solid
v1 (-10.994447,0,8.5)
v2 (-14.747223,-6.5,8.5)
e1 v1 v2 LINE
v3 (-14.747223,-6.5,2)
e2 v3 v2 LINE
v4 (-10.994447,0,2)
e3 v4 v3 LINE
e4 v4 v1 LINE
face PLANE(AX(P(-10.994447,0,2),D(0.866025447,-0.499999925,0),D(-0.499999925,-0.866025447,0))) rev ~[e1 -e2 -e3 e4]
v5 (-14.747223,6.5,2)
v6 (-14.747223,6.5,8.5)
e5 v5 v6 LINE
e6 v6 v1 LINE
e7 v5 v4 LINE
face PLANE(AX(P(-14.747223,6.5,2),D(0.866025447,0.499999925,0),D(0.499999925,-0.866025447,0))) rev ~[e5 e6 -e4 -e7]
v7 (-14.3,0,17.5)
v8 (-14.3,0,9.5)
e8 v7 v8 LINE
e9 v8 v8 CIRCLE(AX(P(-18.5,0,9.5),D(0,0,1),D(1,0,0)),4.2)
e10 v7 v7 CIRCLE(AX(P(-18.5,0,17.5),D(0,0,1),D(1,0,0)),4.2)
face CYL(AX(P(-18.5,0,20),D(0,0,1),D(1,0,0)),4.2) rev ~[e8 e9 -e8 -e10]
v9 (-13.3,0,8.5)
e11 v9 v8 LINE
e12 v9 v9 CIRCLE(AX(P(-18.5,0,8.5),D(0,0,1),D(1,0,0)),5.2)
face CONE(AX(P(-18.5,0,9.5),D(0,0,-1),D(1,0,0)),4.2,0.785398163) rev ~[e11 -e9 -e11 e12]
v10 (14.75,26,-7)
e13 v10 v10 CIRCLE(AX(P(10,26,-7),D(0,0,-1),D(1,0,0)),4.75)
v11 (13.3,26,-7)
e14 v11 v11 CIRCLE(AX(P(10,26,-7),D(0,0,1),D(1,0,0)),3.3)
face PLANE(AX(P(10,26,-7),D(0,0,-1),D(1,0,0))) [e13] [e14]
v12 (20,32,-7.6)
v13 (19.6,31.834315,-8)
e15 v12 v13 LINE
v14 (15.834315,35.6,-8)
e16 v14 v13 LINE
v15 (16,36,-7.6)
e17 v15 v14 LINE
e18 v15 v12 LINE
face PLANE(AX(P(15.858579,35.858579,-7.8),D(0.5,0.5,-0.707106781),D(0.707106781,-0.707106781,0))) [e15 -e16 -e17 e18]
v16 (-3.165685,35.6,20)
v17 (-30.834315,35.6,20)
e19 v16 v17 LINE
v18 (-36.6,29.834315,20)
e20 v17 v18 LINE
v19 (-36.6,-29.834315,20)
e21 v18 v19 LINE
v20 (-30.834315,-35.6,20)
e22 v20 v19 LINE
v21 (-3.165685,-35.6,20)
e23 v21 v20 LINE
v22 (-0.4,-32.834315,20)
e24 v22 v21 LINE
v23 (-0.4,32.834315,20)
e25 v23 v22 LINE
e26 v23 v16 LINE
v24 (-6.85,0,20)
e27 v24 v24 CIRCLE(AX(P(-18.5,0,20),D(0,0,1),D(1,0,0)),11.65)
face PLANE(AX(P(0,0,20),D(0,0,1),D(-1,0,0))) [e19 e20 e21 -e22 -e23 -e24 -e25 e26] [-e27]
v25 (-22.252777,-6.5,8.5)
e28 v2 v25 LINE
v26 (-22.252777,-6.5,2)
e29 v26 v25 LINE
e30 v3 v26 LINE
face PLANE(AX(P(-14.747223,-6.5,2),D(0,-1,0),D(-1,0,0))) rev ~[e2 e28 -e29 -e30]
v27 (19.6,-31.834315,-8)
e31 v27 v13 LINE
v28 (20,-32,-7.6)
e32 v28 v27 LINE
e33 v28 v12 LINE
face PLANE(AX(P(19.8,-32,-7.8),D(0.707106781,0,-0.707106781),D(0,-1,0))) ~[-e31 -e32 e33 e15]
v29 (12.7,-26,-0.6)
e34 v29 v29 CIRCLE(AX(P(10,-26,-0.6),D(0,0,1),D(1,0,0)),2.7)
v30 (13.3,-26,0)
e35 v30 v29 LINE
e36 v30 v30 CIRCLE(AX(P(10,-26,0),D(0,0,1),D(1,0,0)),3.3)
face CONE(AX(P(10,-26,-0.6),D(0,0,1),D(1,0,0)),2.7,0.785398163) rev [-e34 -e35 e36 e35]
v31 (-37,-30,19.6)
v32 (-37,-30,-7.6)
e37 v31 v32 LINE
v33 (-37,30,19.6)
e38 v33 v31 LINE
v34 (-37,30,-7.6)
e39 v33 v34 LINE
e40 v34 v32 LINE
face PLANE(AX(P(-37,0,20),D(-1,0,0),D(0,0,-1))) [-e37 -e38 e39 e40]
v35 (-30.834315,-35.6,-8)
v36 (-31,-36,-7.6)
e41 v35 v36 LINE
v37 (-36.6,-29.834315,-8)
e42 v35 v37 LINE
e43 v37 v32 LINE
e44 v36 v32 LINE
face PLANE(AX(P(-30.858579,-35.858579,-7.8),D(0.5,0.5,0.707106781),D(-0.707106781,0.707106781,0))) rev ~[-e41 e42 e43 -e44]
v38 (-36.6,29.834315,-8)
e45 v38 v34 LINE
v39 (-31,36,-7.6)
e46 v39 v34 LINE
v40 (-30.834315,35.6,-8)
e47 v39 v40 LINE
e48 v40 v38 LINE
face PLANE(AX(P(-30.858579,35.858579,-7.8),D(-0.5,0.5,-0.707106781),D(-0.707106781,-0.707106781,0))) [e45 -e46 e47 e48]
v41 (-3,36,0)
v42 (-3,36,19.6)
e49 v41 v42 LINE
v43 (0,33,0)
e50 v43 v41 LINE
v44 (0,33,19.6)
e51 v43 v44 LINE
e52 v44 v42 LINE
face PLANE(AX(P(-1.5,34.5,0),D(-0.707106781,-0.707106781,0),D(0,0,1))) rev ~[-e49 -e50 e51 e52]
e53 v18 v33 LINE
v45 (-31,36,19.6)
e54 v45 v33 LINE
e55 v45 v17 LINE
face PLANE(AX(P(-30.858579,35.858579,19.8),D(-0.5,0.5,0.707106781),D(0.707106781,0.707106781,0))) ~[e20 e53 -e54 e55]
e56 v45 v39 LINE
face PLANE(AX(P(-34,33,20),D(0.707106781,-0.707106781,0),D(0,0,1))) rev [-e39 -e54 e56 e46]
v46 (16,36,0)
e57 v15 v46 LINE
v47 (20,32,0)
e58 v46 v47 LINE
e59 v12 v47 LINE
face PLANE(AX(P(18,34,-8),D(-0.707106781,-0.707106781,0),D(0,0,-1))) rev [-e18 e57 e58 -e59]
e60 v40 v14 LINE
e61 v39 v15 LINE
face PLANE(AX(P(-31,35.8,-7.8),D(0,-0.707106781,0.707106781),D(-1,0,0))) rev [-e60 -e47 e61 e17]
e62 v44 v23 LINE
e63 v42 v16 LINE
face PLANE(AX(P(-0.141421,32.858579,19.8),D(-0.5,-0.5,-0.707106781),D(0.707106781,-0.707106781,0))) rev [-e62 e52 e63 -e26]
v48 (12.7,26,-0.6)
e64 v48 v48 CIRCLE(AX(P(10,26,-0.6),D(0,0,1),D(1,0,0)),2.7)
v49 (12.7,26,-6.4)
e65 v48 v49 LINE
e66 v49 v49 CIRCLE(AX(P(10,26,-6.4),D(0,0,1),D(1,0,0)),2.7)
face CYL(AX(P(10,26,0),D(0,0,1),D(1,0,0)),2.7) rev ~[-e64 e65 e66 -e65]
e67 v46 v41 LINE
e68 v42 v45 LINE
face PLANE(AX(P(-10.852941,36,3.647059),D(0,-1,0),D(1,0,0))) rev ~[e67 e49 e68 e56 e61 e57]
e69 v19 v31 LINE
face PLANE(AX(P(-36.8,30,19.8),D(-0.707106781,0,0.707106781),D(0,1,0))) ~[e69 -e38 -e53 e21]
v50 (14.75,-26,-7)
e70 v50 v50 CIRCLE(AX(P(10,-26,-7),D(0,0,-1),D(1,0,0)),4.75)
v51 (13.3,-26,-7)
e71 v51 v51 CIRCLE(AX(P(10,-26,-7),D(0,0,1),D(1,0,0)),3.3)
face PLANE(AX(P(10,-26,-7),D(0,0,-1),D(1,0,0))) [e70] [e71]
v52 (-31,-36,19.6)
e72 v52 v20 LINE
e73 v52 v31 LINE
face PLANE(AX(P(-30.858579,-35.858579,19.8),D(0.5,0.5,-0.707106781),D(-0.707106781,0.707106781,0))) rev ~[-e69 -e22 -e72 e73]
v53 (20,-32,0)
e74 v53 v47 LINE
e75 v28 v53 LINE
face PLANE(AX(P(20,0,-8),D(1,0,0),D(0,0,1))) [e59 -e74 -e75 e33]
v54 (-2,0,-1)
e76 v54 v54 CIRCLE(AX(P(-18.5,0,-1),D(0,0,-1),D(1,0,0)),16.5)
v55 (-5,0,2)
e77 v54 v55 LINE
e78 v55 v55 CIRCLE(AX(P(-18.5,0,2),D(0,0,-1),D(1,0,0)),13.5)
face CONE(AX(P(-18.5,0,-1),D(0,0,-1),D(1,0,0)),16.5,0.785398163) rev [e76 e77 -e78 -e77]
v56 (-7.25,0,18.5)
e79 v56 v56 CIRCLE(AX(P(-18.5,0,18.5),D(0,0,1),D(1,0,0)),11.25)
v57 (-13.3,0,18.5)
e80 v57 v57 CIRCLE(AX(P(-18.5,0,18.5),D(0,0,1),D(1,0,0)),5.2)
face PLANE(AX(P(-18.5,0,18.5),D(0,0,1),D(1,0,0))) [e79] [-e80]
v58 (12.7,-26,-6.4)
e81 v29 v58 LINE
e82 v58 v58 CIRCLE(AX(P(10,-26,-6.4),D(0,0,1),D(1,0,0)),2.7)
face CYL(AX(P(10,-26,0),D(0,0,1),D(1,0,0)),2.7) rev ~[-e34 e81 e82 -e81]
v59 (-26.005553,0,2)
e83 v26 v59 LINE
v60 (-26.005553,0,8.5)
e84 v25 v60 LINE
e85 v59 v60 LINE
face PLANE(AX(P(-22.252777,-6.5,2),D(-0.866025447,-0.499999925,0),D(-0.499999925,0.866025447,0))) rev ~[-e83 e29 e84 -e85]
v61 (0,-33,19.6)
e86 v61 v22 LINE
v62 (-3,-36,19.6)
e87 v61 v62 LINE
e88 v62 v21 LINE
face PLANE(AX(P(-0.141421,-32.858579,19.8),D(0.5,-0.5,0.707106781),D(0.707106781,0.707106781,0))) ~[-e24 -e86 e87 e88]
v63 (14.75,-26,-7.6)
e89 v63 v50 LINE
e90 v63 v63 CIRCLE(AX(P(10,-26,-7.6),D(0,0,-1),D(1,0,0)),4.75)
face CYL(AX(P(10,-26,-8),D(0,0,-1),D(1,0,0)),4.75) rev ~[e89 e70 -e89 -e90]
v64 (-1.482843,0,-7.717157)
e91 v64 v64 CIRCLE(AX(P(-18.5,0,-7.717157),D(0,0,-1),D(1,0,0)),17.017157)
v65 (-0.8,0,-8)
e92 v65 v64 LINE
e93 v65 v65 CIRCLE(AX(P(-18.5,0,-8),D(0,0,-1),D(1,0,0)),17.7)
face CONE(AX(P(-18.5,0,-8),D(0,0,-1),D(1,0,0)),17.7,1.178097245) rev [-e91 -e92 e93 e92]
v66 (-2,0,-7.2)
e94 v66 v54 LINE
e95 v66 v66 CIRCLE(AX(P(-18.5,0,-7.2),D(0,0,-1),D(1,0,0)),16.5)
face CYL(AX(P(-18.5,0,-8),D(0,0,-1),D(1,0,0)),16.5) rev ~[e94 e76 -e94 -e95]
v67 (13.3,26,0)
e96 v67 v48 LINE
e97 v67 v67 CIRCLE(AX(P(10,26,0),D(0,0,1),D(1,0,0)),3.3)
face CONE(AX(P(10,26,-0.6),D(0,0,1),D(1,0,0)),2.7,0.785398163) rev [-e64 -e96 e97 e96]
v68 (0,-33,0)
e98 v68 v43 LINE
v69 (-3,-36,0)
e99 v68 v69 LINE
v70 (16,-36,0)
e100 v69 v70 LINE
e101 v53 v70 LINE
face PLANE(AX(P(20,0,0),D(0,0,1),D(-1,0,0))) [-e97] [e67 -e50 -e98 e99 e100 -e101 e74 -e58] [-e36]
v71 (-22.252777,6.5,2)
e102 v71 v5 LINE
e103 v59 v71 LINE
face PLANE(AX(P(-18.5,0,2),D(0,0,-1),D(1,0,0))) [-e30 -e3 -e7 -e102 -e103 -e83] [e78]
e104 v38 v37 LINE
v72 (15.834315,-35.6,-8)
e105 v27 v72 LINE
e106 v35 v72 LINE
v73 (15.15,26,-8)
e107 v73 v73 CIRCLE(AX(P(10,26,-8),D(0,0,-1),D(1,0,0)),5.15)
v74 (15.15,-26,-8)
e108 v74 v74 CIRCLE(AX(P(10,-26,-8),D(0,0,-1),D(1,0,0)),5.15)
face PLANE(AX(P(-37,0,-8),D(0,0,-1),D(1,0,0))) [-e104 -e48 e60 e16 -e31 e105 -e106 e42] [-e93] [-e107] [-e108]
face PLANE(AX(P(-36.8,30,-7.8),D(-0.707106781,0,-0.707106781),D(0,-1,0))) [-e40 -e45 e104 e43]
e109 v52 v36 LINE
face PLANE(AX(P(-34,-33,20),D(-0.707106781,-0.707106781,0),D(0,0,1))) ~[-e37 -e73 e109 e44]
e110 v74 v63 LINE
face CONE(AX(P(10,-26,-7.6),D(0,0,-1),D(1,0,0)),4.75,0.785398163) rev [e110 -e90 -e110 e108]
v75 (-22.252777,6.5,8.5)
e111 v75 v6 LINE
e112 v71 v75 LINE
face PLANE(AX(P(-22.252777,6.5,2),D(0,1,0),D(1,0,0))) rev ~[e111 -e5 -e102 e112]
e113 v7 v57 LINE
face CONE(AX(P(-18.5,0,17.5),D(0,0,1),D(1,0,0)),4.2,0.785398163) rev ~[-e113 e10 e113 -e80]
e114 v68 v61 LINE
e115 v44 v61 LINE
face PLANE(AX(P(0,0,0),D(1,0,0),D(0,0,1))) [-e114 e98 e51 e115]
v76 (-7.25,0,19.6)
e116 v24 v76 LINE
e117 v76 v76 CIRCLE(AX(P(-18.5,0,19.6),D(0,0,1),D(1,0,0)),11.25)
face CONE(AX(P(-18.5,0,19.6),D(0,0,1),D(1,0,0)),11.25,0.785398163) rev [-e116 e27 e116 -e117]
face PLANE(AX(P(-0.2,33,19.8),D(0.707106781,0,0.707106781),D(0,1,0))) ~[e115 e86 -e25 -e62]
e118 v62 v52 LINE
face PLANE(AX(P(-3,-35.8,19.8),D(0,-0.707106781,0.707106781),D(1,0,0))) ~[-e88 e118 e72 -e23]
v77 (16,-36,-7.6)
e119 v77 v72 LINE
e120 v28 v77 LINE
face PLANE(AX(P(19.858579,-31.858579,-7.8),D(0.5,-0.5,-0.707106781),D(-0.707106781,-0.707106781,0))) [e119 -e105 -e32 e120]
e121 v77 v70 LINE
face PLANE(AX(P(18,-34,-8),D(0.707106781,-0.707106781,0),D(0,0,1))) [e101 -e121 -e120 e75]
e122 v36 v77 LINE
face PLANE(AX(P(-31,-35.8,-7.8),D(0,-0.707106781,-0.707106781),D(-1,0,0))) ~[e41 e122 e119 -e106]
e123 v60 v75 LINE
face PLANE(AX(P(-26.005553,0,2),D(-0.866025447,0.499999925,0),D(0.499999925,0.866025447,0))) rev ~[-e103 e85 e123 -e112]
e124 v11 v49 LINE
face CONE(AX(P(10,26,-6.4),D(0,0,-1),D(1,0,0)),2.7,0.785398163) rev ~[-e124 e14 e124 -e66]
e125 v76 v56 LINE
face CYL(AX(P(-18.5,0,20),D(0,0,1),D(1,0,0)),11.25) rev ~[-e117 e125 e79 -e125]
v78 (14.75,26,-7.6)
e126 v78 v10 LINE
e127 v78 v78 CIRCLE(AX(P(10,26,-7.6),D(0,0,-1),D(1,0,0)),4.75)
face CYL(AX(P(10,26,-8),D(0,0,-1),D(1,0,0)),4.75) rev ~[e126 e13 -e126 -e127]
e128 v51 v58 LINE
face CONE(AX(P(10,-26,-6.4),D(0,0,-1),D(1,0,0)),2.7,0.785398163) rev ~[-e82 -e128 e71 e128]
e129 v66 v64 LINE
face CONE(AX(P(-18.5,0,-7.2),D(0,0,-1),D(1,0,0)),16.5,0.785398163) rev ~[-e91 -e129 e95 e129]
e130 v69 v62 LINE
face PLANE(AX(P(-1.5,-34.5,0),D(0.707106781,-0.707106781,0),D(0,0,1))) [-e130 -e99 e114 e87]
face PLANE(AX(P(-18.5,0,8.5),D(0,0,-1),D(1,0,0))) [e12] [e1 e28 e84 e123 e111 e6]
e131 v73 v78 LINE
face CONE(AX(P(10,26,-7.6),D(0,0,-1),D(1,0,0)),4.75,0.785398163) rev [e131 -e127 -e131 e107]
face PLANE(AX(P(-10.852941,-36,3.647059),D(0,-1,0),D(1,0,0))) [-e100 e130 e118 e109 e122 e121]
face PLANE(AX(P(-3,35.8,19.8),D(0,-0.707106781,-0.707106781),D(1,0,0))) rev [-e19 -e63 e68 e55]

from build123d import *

# Parameters (mm, degrees)
PAD_DEPTH       = 36
SKETCH001_R     = 4.2
POCKET_DEPTH    = 28.001
SKETCH002_R     = 16.5
POCKET001_DEPTH = 10
POCKET002_DEPTH = 6.5
SKETCH004_R     = 11.25
POCKET003_DEPTH = 1.5
SKETCH005_R     = 2.7
POCKET004_DEPTH = 10
SKETCH006_R     = 4.75
POCKET005_DEPTH = 1
CHAMFER_SIZE    = 3
CHAMFER001_SIZE = 4
CHAMFER002_SIZE = 6
CHAMFER003_SIZE = 3
CHAMFER004_SIZE = 0.8
CHAMFER005_SIZE = 1
CHAMFER006_SIZE = 0.6
CHAMFER007_SIZE = 0.4


with BuildPart() as part:
    # Sketch (on XZ_Plane of Origin) → Pad (new body, symmetric)
    with BuildSketch(Plane.XZ):
        Polygon((0, 0), (0, 20), (-37, 20), (-37, -8), (20, -8), (20, 0), align=None)
    extrude(amount=PAD_DEPTH, both=True)

    # Sketch001 (on Face2 of Pad) → Pocket (cut, through all)
    with BuildSketch(Plane.XY.offset(20)):
        with Locations((-18.5, 0)):
            Circle(SKETCH001_R)
    extrude(amount=-POCKET_DEPTH, mode=Mode.SUBTRACT)

    # Sketch002 (on Face9 of Pocket) → Pocket001 (cut)
    with BuildSketch(Plane(origin=(0, 0, -8), x_dir=(1, 0, 0), z_dir=(0, 0, -1))):
        with Locations((-18.5, 0)):
            Circle(SKETCH002_R)
    extrude(amount=-POCKET001_DEPTH, mode=Mode.SUBTRACT)

    # Sketch003 (on Face10 of Pocket001) → Pocket002 (cut)
    with BuildSketch(Plane(origin=(0, 0, 2), x_dir=(1, 0, 0), z_dir=(0, 0, -1))):
        Polygon((-10.994447, 0), (-14.747223, 6.5), (-22.252777, 6.5), (-26.005553, 0), (-22.252777, -6.5), (-14.747223, -6.5), align=None)
    extrude(amount=-POCKET002_DEPTH, mode=Mode.SUBTRACT)

    # Sketch004 (on Face3 of Pocket002) → Pocket003 (cut)
    with BuildSketch(Plane.XY.offset(20)):
        with Locations((-18.5, 0)):
            Circle(SKETCH004_R)
    extrude(amount=-POCKET003_DEPTH, mode=Mode.SUBTRACT)

    # Sketch005 (on Face2 of Pocket003) → Pocket004 (cut)
    with BuildSketch(Plane.XY):
        with Locations((10, -26)):
            Circle(SKETCH005_R)
        with Locations((10, 26)):
            Circle(SKETCH005_R)
    extrude(amount=-POCKET004_DEPTH, mode=Mode.SUBTRACT)

    # Sketch006 (on Face11 of Pocket004) → Pocket005 (cut)
    with BuildSketch(Plane(origin=(0, 0, -8), x_dir=(1, 0, 0), z_dir=(0, 0, -1))):
        with Locations((10, 26)):
            Circle(SKETCH006_R)
        with Locations((10, -26)):
            Circle(SKETCH006_R)
    extrude(amount=-POCKET005_DEPTH, mode=Mode.SUBTRACT)

    # Chamfer
    chamfer_edges = [part.edges().sort_by_distance(p)[0] for p in [
        (0, -36, 10),
        (0, 36, 10),
    ]]
    chamfer(chamfer_edges, length=CHAMFER_SIZE)

    # Chamfer001
    chamfer001_edges = [part.edges().sort_by_distance(p)[0] for p in [
        (20, -36, -4),
        (20, 36, -4),
    ]]
    chamfer(chamfer001_edges, length=CHAMFER001_SIZE)

    # Chamfer002
    chamfer002_edges = [part.edges().sort_by_distance(p)[0] for p in [
        (-37, -36, 6),
        (-37, 36, 6),
    ]]
    chamfer(chamfer002_edges, length=CHAMFER002_SIZE)

    # Chamfer003
    chamfer003_edges = [part.edges().sort_by_distance(p)[0] for p in [
        (-35, 0, 2),
    ]]
    chamfer(chamfer003_edges, length=CHAMFER003_SIZE)

    # Chamfer004
    chamfer004_edges = [part.edges().sort_by_distance(p)[0] for p in [
        (-35, 0, -8),
    ]]
    chamfer(chamfer004_edges, length=CHAMFER004_SIZE)

    # Chamfer005
    chamfer005_edges = [part.edges().sort_by_distance(p)[0] for p in [
        (-22.7, 0, 18.5),
        (-22.7, 0, 8.5),
    ]]
    chamfer(chamfer005_edges, length=CHAMFER005_SIZE)

    # Chamfer006
    chamfer006_edges = [part.edges().sort_by_distance(p)[0] for p in [
        (7.3, 26, -7),
        (7.3, -26, -7),
        (7.3, -26, 0),
        (7.3, 26, 0),
    ]]
    chamfer(chamfer006_edges, length=CHAMFER006_SIZE)

    # Chamfer007
    chamfer007_edges = [part.edges().sort_by_distance(p)[0] for p in [
        (-17, 36, 20),
        (-34, 33, 20),
        (-1.5, 34.5, 20),
        (-37, 0, 20),
        (0, 0, 20),
        (-34, -33, 20),
        (-1.5, -34.5, 20),
        (-17, -36, 20),
        (-29.75, 0, 20),
        (-35.8, 0, -8),
        (-7.5, 36, -8),
        (-34, 33, -8),
        (18, 34, -8),
        (-37, 0, -8),
        (20, 0, -8),
        (-34, -33, -8),
        (18, -34, -8),
        (-7.5, -36, -8),
        (5.25, -26, -8),
        (5.25, 26, -8),
    ]]
    chamfer(chamfer007_edges, length=CHAMFER007_SIZE)


solid = part.part
